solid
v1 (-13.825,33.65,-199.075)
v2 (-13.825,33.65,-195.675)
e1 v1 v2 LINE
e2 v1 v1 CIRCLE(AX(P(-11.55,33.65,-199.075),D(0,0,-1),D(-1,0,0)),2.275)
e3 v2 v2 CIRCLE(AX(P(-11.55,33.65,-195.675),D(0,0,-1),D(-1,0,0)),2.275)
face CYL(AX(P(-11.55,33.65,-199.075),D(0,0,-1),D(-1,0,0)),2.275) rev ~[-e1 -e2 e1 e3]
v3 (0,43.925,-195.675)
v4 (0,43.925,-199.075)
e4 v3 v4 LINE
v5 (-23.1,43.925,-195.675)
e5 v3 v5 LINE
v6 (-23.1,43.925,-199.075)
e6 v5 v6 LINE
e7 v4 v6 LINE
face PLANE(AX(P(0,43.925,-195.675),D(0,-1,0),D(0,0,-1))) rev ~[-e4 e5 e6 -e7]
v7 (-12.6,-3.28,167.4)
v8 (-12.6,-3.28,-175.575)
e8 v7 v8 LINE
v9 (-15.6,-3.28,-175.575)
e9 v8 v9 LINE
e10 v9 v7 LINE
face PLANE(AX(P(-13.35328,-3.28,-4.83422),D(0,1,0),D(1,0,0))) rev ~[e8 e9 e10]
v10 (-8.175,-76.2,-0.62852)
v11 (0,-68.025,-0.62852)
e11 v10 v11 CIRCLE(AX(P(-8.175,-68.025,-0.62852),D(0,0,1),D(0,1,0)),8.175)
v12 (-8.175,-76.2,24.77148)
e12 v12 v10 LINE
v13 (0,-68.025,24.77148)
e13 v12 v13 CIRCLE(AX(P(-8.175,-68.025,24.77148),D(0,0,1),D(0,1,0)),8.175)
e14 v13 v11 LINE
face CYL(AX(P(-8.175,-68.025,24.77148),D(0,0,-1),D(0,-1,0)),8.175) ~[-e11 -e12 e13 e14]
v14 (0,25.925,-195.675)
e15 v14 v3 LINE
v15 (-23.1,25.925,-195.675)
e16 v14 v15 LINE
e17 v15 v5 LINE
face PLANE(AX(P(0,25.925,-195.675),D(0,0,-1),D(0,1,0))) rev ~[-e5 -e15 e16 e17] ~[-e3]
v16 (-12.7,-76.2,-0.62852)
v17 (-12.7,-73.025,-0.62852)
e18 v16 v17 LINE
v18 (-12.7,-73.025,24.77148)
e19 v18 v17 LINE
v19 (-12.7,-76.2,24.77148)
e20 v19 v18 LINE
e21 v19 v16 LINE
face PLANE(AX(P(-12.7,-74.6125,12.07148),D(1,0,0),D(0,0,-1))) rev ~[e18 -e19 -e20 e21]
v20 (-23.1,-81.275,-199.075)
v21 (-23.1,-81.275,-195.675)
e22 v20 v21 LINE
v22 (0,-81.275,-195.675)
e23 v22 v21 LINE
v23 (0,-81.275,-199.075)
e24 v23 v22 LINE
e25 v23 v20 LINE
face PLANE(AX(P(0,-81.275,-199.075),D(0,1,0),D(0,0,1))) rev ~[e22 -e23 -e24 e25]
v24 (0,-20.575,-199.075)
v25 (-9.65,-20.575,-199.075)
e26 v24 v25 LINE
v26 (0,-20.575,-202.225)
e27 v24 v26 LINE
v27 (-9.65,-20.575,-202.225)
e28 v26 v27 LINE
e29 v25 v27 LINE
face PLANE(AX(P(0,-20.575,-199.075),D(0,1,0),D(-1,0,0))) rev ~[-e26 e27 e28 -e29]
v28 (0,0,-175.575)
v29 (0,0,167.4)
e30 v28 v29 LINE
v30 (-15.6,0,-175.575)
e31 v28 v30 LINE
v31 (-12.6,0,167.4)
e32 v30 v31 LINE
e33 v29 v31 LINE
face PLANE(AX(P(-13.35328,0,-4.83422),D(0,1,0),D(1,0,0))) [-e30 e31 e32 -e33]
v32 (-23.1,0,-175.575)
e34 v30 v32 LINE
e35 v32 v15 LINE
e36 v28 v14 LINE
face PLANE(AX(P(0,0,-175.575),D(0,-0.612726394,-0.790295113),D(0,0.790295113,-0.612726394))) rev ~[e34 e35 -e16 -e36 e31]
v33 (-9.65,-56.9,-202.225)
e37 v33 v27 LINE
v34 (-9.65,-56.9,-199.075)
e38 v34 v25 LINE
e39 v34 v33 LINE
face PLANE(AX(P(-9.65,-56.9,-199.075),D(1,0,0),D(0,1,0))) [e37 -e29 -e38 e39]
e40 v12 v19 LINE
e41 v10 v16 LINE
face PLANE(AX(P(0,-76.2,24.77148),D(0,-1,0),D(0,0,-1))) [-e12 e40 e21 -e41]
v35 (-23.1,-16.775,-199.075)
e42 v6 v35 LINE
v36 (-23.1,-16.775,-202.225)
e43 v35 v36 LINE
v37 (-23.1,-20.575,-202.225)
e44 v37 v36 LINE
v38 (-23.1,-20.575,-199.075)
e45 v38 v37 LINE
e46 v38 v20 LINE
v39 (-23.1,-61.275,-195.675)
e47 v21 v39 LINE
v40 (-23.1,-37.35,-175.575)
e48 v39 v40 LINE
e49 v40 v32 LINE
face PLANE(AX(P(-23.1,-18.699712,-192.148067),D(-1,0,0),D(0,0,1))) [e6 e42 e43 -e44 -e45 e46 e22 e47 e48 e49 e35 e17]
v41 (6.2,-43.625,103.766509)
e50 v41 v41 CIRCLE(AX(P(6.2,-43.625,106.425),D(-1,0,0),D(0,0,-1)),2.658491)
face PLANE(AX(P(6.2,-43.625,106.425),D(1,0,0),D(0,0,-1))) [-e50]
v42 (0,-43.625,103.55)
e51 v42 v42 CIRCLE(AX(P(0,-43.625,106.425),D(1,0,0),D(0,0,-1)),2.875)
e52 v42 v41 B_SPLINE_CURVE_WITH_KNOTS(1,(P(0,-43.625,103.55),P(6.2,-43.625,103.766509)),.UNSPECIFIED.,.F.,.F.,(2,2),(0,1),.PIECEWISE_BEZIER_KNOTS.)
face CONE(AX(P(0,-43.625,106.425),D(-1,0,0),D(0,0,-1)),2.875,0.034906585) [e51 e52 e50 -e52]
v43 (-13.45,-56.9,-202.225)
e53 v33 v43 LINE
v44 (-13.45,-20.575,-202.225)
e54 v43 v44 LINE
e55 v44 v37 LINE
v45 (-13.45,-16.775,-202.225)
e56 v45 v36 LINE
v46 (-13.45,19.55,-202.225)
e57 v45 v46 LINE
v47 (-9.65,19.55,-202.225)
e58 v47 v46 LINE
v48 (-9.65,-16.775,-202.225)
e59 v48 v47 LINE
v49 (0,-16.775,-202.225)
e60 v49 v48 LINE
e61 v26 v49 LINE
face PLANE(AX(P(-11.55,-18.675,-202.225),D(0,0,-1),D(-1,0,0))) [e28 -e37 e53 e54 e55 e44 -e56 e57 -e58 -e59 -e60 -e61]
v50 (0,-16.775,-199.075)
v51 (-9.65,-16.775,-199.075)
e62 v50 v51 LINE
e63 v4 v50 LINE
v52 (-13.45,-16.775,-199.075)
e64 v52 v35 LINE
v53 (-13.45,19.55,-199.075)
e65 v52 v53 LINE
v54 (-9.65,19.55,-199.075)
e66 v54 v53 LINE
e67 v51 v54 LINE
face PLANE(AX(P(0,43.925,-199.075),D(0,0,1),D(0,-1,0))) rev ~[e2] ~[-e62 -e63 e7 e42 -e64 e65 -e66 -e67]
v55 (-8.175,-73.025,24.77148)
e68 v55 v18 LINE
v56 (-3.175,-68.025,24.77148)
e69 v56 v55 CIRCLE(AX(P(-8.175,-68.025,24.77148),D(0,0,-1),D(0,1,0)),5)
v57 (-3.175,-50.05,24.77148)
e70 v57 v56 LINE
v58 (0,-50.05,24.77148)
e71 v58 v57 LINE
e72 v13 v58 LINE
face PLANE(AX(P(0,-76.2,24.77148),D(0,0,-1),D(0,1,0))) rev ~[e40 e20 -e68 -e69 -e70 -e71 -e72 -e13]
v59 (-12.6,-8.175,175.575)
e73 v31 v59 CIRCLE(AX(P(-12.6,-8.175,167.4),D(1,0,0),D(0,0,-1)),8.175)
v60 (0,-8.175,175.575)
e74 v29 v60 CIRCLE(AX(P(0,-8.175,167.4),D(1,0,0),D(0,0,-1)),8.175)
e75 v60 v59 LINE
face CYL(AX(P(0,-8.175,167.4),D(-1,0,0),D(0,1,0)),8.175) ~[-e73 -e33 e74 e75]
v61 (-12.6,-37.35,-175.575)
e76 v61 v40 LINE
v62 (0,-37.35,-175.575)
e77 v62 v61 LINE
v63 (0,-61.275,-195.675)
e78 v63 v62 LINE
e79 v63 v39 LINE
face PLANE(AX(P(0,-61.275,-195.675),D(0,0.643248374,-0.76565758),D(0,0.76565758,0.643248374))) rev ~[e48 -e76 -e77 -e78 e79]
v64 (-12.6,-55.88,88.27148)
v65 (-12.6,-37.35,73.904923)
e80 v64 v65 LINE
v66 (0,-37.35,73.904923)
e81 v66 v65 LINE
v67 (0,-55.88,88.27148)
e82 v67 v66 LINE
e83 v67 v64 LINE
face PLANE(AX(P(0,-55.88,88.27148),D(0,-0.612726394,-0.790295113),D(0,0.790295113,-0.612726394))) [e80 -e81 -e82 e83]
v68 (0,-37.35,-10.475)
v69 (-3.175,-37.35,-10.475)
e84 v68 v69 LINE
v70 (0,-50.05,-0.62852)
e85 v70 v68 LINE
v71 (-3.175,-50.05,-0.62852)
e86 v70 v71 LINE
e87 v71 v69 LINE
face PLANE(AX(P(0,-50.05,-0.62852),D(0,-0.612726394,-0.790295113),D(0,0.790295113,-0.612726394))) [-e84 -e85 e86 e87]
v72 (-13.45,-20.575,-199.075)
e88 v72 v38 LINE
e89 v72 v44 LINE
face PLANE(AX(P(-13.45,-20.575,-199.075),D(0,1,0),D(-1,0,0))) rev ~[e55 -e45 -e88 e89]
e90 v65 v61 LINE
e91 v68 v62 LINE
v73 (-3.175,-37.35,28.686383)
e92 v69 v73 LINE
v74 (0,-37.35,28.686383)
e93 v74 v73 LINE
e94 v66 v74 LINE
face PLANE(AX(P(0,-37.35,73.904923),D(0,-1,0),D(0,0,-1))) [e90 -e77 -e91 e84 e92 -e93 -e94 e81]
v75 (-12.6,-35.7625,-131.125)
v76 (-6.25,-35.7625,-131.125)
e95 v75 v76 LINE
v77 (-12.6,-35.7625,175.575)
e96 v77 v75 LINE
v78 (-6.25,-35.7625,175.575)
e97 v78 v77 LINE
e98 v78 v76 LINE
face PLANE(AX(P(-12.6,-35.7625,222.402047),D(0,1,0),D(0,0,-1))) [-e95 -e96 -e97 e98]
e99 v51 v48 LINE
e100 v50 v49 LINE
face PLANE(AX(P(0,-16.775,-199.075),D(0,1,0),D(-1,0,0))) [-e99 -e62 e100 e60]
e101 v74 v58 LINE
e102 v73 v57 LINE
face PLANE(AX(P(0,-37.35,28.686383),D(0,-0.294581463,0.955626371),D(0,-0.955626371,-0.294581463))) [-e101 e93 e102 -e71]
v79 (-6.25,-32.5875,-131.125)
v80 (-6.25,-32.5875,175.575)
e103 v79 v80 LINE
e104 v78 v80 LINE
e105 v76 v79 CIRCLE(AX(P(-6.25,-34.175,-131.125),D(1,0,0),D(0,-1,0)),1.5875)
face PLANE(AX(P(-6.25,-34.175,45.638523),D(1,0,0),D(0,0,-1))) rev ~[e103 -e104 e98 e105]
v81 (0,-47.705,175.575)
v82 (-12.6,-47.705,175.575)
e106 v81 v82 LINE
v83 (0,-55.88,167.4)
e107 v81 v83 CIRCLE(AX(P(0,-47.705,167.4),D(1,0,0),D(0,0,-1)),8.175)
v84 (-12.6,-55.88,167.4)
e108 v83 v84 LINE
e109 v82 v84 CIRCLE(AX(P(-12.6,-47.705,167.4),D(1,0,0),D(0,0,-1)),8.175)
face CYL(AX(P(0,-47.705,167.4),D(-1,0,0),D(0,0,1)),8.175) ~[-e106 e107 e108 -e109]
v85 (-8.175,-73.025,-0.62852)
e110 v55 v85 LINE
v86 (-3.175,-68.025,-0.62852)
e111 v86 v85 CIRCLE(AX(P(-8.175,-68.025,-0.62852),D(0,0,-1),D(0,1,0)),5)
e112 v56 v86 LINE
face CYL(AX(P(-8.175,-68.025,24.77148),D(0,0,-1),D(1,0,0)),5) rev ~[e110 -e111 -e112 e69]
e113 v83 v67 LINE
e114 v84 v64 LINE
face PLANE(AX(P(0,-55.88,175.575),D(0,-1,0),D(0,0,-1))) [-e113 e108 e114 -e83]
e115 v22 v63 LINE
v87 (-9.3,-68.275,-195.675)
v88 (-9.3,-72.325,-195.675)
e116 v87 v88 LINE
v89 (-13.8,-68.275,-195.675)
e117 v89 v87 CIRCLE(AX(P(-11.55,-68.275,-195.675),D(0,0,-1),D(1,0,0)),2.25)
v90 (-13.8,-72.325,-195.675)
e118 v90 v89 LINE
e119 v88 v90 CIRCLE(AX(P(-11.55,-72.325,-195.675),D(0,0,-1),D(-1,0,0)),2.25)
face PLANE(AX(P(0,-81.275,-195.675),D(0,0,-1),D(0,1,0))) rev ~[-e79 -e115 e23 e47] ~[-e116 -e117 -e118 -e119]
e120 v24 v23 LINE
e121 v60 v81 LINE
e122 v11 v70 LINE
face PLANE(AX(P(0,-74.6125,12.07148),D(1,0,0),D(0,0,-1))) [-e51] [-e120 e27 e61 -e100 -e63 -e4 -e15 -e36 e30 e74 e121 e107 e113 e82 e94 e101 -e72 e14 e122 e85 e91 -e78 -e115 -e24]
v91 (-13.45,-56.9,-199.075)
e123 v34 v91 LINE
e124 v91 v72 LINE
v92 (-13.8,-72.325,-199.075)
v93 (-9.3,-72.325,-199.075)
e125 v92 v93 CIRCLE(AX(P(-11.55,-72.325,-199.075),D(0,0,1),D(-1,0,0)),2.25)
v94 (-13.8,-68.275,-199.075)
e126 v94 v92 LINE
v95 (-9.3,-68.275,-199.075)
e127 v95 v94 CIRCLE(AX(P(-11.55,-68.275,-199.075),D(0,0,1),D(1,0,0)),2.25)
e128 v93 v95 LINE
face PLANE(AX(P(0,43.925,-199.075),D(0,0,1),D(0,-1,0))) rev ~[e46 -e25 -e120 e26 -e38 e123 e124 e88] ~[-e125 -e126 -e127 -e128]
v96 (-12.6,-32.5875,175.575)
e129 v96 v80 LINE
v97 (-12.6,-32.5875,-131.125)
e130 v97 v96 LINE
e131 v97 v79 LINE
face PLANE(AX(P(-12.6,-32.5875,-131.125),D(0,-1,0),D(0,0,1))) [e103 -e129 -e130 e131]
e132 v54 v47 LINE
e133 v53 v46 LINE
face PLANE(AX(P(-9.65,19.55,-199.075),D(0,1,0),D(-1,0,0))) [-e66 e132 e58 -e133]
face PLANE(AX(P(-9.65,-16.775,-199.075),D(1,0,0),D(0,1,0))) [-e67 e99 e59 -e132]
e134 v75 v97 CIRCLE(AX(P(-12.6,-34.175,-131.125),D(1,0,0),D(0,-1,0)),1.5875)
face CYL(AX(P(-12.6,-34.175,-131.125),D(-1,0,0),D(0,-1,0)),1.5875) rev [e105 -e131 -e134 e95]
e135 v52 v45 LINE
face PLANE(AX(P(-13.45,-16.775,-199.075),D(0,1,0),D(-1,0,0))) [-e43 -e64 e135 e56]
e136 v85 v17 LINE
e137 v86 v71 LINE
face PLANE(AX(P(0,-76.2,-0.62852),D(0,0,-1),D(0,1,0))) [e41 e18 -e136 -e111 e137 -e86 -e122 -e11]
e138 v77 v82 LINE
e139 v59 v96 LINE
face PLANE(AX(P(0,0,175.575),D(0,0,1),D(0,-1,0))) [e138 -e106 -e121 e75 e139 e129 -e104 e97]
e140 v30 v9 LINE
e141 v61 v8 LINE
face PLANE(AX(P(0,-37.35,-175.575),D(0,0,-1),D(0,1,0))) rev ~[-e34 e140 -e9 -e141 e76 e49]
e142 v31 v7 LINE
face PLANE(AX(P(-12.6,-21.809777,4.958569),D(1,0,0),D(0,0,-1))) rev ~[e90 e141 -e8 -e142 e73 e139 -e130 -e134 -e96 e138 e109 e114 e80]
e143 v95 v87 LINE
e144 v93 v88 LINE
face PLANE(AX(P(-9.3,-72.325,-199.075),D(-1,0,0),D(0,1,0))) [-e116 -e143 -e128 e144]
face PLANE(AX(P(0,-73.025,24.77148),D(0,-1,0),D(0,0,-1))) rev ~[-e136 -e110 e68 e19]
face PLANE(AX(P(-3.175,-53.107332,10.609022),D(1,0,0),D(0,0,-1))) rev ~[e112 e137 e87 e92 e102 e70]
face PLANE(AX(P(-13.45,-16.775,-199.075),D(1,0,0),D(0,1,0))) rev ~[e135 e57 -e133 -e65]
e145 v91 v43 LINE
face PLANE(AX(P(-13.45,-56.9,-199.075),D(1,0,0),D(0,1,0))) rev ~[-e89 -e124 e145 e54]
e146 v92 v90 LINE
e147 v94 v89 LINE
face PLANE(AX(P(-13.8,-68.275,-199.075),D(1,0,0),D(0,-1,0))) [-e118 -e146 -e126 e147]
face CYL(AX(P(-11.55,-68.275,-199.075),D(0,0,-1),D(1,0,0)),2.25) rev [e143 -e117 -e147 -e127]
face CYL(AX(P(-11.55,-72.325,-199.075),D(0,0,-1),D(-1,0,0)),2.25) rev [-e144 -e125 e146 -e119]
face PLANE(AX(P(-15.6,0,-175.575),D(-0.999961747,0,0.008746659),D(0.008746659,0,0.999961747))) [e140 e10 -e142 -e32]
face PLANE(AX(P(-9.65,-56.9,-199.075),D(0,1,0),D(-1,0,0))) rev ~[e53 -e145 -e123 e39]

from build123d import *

# Parameters (mm, degrees)
BOSS_EXTRUDE1_DEPTH = 12.6
BOSS_EXTRUDE2_DEPTH = 23.1
BOSS_EXTRUDE3_DEPTH = 3.175
SKETCH1_5_W         = 25.4
SKETCH1_5_H         = 3.175
BOSS_EXTRUDE4_DEPTH = 12.7
FILLET1_R           = 5
FILLET2_R           = 8.175
CUT_EXTRUDE1_DEPTH  = 6.35
CUT_EXTRUDE2_REACH  = 386.06
SKETCH3_R           = 2.275
SKETCH4_W           = 23.1
SKETCH4_H           = 3.8
SKETCH4_W_2         = 3.8
SKETCH4_H_2         = 76.45
EXTRUDE_THIN1_DEPTH = 3.15
SKETCH5_R           = 2.875
BOSS_EXTRUDE5_DEPTH = 6.2
BOSS_EXTRUDE5_TAPER = 2
BOSS_EXTRUDE6_DEPTH = 3.28


with BuildPart() as part:
    # Sketch1 → Boss-Extrude1 (new body)
    with BuildSketch(Plane(origin=(0, 0, 0), x_dir=(0, 0, -1), z_dir=(1, 0, 0))):
        Polygon((175.575, -37.35), (175.575, 0), (-175.575, 0), (-175.575, -55.88), (-88.271480231, -55.88), (-73.904922854, -37.35), (-28.686383268, -37.35), (10.475, -37.35), align=None)
    extrude(amount=-BOSS_EXTRUDE1_DEPTH)

    # Sketch1<3> → Boss-Extrude2 (add)
    with BuildSketch(Plane(origin=(0, 0, 0), x_dir=(0, 0, -1), z_dir=(1, 0, 0))):
        Polygon((199.075, -81.275), (199.075, 43.925), (195.675, 43.925), (195.675, 25.925), (175.575, 0), (175.575, -37.35), (195.675, -61.275), (195.675, -81.275), align=None)
    extrude(amount=-BOSS_EXTRUDE2_DEPTH)

    # Sketch1<4> → Boss-Extrude3 (add)
    with BuildSketch(Plane(origin=(0, 0, 0), x_dir=(0, 0, -1), z_dir=(1, 0, 0))):
        Polygon((0.628519769, -50.05), (10.475, -37.35), (-28.686383268, -37.35), (-24.771480231, -50.05), (-24.771480231, -73.025), (0.628519769, -73.025), align=None)
    extrude(amount=-BOSS_EXTRUDE3_DEPTH)

    # Sketch1<5> → Boss-Extrude4 (add)
    with BuildSketch(Plane(origin=(0, 0, 0), x_dir=(0, 0, -1), z_dir=(1, 0, 0))):
        with Locations((-12.071480231, -74.6125)):
            Rectangle(SKETCH1_5_W, SKETCH1_5_H)
    extrude(amount=-BOSS_EXTRUDE4_DEPTH)

    # Fillet1
    fillet1_edges = [part.edges().sort_by_distance(p)[0] for p in [
        (-3.175, -73.025, 12.071480231),
    ]]
    fillet(fillet1_edges, radius=FILLET1_R)

    # Fillet2
    fillet2_edges = [part.edges().sort_by_distance(p)[0] for p in [
        (-6.3, 0, 175.575),
        (-6.3, -55.88, 175.575),
        (0, -76.2, 12.071480231),
    ]]
    fillet(fillet2_edges, radius=FILLET2_R)

    # Sketch2 → Cut-Extrude1 (cut)
    with BuildSketch(Plane.ZY.offset(12.6)):
        with BuildLine():
            Line((-131.125, -32.5875), (222.402046917, -32.5875))
            ThreePointArc((222.402046917, -32.5875), (223.989546917, -34.175), (222.402046917, -35.7625))
            Line((222.402046917, -35.7625), (-131.125, -35.7625))
            ThreePointArc((-131.125, -35.7625), (-132.7125, -34.175), (-131.125, -32.5875))
        make_face()
    extrude(amount=-CUT_EXTRUDE1_DEPTH, mode=Mode.SUBTRACT)

    # Sketch3 → Cut-Extrude2 (cut, up to next)
    with BuildSketch(Plane(origin=(0, 0, -199.075), x_dir=(-1, 0, 0), z_dir=(0, 0, -1)), mode=Mode.PRIVATE) as cut_extrude2_sk1:
        with Locations((11.55, 33.65)):
            Circle(SKETCH3_R)
    cut_extrude2_tool1 = extrude(cut_extrude2_sk1.sketch, amount=-CUT_EXTRUDE2_REACH, mode=Mode.PRIVATE) & part.part
    # Sketch3 → Cut-Extrude2 (cut, up to next)
    with BuildSketch(Plane(origin=(0, 0, -199.075), x_dir=(-1, 0, 0), z_dir=(0, 0, -1)), mode=Mode.PRIVATE) as cut_extrude2_sk2:
        with BuildLine():
            Line((9.3, -72.325), (9.3, -68.275))
            ThreePointArc((9.3, -68.275), (11.55, -66.025), (13.8, -68.275))
            Line((13.8, -68.275), (13.8, -72.325))
            ThreePointArc((13.8, -72.325), (11.55, -74.575), (9.3, -72.325))
        make_face()
    cut_extrude2_tool2 = extrude(cut_extrude2_sk2.sketch, amount=-CUT_EXTRUDE2_REACH, mode=Mode.PRIVATE) & part.part
    add(cut_extrude2_tool1.solids().sort_by_distance((-11.55, 33.65, -199.075))[0], mode=Mode.SUBTRACT)
    add(cut_extrude2_tool2.solids().sort_by_distance((-11.55, -70.3, -199.075))[0], mode=Mode.SUBTRACT)

    # Sketch4 → Extrude-Thin1 (add)
    with BuildSketch(Plane(origin=(0, 0, -199.075), x_dir=(-1, 0, 0), z_dir=(0, 0, -1))):
        with Locations((11.55, -18.675)):
            Rectangle(SKETCH4_W, SKETCH4_H)
        with Locations((11.55, -18.675)):
            Rectangle(SKETCH4_W_2, SKETCH4_H_2)
    extrude(amount=EXTRUDE_THIN1_DEPTH)

    # Sketch5 → Boss-Extrude5 (add)
    with BuildSketch(Plane(origin=(0, 0, 0), x_dir=(0, 0, -1), z_dir=(1, 0, 0))):
        with Locations((-106.425, -43.625)):
            Circle(SKETCH5_R)
    extrude(amount=BOSS_EXTRUDE5_DEPTH, taper=BOSS_EXTRUDE5_TAPER)

    # Sketch6 → Boss-Extrude6 (add)
    with BuildSketch(Plane(origin=(0, 0, 0), x_dir=(1, 0, 0), z_dir=(0, 1, 0))):
        Polygon((-12.6, 175.575), (-15.6, 175.575), (-12.6, -167.4), align=None)
    extrude(amount=-BOSS_EXTRUDE6_DEPTH)


solid = part.part
